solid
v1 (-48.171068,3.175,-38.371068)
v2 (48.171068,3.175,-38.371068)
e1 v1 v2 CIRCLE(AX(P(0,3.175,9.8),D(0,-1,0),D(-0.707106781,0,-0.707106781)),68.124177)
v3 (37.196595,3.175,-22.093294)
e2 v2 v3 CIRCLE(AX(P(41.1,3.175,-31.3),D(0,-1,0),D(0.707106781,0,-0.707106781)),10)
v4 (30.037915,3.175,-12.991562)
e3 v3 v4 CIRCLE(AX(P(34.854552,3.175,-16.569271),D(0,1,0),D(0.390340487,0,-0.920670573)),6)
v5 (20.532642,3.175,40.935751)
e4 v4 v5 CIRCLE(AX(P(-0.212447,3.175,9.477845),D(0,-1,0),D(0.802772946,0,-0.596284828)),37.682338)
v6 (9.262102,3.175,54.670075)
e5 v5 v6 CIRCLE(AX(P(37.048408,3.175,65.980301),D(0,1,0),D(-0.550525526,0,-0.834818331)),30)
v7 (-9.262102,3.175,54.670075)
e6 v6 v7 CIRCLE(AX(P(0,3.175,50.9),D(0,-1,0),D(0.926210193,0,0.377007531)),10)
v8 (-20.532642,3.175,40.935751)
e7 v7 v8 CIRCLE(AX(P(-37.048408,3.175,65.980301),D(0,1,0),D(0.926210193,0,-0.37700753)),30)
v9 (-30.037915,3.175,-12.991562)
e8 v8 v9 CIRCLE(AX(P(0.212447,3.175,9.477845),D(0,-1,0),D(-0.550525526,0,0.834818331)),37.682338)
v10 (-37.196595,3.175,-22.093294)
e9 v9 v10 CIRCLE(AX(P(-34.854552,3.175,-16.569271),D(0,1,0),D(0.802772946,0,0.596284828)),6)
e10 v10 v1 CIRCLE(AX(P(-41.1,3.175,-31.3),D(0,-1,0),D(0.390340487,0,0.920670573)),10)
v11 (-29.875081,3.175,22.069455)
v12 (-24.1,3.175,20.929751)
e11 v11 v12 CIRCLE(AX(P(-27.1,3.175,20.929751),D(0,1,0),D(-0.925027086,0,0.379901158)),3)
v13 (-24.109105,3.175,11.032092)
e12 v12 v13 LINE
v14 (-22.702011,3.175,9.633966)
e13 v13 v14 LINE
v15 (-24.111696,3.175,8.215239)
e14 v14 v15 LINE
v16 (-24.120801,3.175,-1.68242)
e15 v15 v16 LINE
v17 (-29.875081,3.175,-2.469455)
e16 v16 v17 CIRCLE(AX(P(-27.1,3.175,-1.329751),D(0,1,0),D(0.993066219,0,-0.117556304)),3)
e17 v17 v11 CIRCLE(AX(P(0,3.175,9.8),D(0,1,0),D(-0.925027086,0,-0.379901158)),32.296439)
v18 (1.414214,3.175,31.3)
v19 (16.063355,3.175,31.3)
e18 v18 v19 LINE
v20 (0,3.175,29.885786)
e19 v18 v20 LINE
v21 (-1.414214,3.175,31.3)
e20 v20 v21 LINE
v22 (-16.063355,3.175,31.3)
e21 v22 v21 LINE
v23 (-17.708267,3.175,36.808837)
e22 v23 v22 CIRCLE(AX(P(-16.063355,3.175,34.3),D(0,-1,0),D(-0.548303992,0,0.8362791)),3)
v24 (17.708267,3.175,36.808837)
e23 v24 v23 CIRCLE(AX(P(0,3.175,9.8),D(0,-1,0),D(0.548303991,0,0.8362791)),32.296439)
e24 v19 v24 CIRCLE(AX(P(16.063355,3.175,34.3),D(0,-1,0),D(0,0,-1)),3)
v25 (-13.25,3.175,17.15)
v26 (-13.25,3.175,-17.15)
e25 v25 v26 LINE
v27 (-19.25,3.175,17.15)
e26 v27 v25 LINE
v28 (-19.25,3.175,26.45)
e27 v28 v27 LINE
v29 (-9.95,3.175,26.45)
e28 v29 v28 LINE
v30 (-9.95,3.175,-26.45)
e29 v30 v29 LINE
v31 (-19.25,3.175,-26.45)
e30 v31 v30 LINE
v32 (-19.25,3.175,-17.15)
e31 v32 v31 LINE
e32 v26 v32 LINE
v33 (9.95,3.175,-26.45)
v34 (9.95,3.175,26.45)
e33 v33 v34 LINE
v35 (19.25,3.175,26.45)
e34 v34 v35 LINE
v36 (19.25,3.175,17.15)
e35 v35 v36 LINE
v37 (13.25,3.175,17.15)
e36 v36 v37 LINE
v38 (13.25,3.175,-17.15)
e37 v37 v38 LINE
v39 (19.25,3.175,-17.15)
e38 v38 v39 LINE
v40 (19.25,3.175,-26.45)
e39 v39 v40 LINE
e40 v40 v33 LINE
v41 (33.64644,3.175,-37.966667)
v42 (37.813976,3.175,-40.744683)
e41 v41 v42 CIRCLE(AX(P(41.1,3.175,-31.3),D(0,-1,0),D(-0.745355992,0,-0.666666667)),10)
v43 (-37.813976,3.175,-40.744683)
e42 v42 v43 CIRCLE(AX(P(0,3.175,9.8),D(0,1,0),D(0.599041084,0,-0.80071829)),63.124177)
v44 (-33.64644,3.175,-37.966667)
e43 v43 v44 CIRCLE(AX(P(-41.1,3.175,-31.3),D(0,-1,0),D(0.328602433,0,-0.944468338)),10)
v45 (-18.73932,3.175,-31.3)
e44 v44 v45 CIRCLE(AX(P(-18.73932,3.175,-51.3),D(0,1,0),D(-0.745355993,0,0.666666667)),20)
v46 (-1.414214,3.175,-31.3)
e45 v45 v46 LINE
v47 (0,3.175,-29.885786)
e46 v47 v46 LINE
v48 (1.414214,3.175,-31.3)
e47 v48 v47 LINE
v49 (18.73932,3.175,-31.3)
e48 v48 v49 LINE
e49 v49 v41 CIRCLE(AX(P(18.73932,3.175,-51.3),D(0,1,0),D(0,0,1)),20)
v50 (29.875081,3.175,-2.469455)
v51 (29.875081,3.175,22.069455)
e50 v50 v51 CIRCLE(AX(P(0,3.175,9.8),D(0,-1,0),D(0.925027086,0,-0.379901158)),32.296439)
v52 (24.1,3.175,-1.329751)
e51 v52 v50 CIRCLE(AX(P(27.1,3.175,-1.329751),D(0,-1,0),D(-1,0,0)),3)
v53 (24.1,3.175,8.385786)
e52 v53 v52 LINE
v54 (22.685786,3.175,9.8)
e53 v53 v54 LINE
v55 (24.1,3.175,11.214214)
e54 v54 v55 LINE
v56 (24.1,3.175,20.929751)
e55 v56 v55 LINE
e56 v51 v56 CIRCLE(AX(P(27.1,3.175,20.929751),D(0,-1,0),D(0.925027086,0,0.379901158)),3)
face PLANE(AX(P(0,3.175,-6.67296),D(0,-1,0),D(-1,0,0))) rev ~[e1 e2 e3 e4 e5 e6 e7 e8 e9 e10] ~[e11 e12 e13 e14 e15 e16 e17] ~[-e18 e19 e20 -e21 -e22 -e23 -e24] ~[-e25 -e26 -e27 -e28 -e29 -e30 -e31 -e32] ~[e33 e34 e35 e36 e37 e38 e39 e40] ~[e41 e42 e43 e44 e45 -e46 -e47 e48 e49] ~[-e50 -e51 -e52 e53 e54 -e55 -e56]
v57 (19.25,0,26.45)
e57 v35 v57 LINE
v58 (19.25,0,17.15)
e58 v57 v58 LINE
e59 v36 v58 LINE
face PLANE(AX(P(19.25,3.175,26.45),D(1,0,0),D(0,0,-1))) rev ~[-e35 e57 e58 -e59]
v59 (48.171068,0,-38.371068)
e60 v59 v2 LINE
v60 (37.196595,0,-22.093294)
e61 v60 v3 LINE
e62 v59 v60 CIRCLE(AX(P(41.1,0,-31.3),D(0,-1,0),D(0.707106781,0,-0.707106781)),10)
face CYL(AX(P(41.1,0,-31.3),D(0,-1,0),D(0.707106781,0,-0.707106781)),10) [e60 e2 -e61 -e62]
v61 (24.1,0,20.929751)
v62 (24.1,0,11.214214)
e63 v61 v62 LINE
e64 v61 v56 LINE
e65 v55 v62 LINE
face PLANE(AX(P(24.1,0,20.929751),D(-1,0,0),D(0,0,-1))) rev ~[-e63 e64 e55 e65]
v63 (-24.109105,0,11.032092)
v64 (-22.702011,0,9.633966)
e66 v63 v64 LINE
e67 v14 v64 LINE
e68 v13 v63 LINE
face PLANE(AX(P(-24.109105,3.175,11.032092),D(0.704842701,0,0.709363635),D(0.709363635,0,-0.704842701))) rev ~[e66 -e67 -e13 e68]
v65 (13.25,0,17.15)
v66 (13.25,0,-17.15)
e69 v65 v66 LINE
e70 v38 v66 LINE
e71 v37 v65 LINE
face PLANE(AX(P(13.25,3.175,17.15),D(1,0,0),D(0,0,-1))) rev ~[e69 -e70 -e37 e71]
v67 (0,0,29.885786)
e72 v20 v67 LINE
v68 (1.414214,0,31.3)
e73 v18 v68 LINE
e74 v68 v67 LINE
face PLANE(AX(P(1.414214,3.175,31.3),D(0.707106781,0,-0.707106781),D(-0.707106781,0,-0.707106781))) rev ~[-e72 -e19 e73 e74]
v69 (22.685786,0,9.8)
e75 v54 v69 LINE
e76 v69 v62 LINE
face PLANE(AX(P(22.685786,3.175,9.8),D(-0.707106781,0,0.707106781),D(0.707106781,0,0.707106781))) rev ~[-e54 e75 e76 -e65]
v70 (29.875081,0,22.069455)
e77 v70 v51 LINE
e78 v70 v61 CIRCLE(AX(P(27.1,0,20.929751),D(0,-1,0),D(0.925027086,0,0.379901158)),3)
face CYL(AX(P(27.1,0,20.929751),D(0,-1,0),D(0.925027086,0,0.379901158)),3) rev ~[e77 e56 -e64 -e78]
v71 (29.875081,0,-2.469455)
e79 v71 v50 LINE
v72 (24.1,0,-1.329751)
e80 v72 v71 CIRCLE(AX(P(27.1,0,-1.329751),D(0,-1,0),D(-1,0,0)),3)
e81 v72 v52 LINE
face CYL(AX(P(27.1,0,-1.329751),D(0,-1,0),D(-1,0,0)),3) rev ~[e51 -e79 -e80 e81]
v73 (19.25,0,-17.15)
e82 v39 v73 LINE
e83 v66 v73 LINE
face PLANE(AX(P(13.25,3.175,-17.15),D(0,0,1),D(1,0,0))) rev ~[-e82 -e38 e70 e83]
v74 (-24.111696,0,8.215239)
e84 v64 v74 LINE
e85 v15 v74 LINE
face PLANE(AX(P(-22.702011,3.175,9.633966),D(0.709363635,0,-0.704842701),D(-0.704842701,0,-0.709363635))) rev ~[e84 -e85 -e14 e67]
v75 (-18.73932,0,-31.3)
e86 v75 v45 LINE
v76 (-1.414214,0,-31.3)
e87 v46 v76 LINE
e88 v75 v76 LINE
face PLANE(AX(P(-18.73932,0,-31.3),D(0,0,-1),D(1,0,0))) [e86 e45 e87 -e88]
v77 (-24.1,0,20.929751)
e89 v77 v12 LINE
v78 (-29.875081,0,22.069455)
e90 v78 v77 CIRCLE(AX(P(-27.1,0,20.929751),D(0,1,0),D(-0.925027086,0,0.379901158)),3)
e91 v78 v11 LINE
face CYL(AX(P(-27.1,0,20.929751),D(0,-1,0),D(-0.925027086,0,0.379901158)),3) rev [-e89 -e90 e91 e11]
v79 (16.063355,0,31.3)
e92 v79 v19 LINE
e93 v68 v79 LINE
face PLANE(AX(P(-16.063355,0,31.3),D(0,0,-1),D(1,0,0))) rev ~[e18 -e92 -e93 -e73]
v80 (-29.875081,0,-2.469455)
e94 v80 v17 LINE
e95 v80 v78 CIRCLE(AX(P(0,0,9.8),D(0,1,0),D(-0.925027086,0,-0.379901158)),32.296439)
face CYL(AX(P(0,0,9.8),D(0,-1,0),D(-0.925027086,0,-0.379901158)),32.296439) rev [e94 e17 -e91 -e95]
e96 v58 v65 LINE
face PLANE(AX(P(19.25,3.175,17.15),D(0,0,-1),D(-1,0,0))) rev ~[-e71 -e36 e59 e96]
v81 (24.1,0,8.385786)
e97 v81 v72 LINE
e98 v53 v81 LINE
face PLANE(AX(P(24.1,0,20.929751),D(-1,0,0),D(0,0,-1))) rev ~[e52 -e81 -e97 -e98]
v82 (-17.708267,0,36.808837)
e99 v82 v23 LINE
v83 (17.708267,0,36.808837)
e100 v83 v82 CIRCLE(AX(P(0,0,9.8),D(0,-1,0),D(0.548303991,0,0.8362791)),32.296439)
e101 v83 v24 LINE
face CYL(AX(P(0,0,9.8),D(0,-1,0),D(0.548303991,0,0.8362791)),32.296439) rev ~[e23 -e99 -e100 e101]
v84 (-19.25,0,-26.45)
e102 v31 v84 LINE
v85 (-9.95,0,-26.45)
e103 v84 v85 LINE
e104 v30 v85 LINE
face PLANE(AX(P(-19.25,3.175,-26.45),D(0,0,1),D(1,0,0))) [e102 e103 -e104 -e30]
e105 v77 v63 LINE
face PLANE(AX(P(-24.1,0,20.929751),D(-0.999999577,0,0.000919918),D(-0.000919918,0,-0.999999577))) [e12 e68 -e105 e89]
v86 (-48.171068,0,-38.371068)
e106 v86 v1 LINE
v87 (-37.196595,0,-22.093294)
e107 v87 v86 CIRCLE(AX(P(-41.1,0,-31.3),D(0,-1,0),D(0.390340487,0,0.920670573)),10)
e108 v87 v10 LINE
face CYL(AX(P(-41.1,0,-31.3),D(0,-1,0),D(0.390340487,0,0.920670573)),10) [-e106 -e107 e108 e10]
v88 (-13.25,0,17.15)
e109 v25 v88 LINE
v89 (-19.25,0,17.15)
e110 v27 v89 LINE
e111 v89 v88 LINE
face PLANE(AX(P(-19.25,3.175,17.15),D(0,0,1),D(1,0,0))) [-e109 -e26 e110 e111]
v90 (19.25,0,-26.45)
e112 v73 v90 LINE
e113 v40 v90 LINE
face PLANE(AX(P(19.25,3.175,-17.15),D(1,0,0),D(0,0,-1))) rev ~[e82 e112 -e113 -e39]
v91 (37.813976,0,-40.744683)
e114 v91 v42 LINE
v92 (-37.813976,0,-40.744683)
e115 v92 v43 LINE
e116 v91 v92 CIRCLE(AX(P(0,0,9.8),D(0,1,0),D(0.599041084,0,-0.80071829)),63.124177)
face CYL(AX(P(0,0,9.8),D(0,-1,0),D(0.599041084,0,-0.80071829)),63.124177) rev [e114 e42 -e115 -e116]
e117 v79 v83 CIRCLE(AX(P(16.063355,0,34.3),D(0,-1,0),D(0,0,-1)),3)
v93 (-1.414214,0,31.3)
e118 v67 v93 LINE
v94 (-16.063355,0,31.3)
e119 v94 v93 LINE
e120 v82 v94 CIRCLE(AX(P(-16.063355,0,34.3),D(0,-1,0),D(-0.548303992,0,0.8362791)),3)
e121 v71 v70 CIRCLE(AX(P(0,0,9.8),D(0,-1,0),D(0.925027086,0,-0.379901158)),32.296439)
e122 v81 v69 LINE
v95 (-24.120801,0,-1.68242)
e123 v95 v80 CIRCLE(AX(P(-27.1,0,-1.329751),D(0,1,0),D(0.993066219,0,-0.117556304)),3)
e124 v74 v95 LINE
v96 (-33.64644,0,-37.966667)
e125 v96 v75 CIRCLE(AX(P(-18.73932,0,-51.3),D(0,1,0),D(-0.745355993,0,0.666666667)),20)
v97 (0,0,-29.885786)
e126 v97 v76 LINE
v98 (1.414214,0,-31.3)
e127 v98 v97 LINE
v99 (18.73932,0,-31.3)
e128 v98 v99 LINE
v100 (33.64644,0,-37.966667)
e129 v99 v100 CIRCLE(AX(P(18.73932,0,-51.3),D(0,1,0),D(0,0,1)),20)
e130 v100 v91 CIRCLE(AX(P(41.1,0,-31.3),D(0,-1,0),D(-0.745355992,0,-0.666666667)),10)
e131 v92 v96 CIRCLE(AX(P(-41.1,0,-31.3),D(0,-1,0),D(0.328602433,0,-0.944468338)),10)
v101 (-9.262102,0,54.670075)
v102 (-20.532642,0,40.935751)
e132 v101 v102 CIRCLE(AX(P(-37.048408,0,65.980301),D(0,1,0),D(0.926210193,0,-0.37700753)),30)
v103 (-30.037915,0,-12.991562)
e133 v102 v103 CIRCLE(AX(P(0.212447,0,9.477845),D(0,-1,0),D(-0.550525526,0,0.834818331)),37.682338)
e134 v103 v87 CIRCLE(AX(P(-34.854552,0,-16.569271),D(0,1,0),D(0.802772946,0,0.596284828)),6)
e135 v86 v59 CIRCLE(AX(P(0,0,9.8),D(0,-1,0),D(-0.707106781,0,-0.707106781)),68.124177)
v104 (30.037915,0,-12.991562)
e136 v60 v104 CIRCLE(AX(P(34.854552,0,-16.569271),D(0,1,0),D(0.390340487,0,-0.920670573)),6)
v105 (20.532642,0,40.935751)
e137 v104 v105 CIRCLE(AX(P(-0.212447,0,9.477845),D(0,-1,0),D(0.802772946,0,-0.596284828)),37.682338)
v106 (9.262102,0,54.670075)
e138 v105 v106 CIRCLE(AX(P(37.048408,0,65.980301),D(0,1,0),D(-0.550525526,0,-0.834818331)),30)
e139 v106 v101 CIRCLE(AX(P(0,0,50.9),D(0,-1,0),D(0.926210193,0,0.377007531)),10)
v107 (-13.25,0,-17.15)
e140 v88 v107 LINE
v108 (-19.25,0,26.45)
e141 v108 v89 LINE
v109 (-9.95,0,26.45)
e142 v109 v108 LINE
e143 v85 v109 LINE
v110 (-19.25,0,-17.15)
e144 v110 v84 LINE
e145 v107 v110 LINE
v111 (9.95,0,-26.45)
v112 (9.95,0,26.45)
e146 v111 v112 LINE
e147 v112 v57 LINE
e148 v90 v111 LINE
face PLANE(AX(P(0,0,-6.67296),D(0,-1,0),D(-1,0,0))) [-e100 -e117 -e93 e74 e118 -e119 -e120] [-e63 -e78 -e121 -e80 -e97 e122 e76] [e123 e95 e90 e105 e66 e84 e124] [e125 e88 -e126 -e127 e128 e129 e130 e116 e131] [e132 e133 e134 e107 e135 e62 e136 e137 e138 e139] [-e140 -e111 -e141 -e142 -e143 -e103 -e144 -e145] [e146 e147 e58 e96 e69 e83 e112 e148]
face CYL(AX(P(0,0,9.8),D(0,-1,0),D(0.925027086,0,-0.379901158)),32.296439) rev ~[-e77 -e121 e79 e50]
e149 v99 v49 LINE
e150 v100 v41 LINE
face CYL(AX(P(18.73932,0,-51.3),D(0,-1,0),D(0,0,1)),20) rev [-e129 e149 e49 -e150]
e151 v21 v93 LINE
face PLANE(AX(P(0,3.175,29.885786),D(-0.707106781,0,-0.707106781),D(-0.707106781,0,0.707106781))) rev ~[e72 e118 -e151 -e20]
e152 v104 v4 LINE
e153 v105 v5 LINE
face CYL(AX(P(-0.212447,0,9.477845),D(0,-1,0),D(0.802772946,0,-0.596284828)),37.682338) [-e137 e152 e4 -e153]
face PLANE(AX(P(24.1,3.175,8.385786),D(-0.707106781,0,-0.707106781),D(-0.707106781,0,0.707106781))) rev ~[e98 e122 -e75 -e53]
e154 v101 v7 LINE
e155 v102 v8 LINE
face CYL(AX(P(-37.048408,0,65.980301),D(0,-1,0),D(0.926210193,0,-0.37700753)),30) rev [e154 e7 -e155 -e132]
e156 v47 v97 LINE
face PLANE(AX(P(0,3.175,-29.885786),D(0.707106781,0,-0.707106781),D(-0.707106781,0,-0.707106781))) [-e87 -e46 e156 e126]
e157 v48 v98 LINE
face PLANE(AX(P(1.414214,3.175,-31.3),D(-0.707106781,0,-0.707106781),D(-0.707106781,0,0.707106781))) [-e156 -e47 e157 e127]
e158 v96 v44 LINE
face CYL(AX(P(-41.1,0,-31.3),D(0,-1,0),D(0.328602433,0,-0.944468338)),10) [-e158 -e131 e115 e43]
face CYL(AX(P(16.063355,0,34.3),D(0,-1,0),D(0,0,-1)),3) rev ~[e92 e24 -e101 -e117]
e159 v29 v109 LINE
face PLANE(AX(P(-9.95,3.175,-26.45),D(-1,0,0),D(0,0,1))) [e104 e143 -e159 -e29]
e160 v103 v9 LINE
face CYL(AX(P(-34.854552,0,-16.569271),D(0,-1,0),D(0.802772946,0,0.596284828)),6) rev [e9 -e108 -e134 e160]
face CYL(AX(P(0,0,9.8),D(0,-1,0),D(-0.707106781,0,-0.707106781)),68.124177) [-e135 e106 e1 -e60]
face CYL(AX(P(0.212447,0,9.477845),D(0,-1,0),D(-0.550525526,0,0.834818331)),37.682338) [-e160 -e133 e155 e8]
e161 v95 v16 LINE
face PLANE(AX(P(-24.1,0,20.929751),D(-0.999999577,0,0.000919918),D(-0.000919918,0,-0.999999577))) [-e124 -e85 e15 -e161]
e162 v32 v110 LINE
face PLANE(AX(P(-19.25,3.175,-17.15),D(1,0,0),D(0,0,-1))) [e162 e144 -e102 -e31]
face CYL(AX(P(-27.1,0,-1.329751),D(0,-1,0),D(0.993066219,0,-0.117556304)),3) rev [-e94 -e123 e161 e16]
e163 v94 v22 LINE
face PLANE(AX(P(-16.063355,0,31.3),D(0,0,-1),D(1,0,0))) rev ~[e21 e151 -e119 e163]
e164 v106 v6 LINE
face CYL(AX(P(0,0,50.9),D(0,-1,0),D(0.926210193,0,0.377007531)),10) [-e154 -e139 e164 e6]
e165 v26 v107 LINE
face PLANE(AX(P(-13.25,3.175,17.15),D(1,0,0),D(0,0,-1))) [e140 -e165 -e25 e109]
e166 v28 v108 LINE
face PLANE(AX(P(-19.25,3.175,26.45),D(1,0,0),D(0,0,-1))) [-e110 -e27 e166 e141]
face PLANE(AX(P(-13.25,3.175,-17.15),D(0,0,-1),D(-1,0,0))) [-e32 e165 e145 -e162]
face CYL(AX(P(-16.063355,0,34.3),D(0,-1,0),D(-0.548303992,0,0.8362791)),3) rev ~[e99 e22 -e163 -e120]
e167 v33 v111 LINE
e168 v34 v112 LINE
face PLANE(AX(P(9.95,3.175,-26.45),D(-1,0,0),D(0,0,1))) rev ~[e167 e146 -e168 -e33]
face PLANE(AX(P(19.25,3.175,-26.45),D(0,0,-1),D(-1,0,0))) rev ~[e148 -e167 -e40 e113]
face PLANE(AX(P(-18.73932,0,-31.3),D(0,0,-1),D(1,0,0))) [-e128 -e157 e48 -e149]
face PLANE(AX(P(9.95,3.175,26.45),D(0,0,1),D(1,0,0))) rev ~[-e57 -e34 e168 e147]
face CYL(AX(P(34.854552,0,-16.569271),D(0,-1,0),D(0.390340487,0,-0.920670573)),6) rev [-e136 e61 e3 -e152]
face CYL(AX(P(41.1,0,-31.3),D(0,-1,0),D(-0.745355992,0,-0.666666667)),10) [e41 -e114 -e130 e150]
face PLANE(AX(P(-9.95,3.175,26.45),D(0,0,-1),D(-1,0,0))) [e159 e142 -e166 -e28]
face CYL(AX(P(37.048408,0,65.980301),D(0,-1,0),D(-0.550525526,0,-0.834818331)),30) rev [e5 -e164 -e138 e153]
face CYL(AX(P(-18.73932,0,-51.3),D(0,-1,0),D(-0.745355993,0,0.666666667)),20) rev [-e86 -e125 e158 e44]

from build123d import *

# Parameters (mm, degrees)
BOSS_EXTRUDE1_DEPTH = 3.175
CUT_EXTRUDE3_REACH  = 81.562
CUT_EXTRUDE4_REACH  = 81.562


with BuildPart() as part:
    # Sketch1 → Boss-Extrude1 (new body)
    with BuildSketch(Plane(origin=(0, 0, 0), x_dir=(1, 0, 0), z_dir=(0, 1, 0))):
        with BuildLine():
            ThreePointArc((-48.171067812, 38.371067812), (0, 58.324177414), (48.171067812, 38.371067812))
            ThreePointArc((48.171067812, 38.371067812), (49.391561976, 25.709830056), (37.196595128, 22.093294269))
            ThreePointArc((37.196595128, 22.093294269), (30.138485199, 20.278544613), (30.037914527, 12.991561861))
            ThreePointArc((30.037914527, 12.991561861), (36.897831444, -16.018932904), (20.532641942, -40.935751303))
            ThreePointArc((20.532641942, -40.935751303), (13.857325378, -46.949439456), (9.262101932, -54.670075305))
            ThreePointArc((9.262101932, -54.670075305), (0, -60.9), (-9.262101932, -54.670075305))
            ThreePointArc((-9.262101932, -54.670075305), (-13.857325378, -46.949439456), (-20.532641942, -40.935751303))
            ThreePointArc((-20.532641942, -40.935751303), (-36.897831444, -16.018932904), (-30.037914527, 12.991561861))
            ThreePointArc((-30.037914527, 12.991561861), (-30.138485199, 20.278544613), (-37.196595128, 22.093294269))
            ThreePointArc((-37.196595128, 22.093294269), (-49.391561976, 25.709830056), (-48.171067812, 38.371067812))
        make_face()
        with BuildLine():
            Line((-18.739320225, 31.3), (18.739320225, 31.3))
            ThreePointArc((18.739320225, 31.3), (26.904286034, 33.042581416), (33.646440075, 37.966666667))
            ThreePointArc((33.646440075, 37.966666667), (35.5534685, 39.620816565), (37.813975674, 40.744683379))
            ThreePointArc((37.813975674, 40.744683379), (0, 53.324177414), (-37.813975674, 40.744683379))
            ThreePointArc((-37.813975674, 40.744683379), (-35.5534685, 39.620816565), (-33.646440075, 37.966666667))
            ThreePointArc((-33.646440075, 37.966666667), (-26.904286034, 33.042581416), (-18.739320225, 31.3))
        make_face(mode=Mode.SUBTRACT)
        with BuildLine():
            Line((-24.1, -20.929751273), (-24.120801343, 1.682420185))
            ThreePointArc((-24.120801343, 1.682420185), (-26.693463619, 4.302078337), (-29.875081258, 2.469454748))
            ThreePointArc((-29.875081258, 2.469454748), (-32.296439432, -9.8), (-29.875081258, -22.069454748))
            ThreePointArc((-29.875081258, -22.069454748), (-26.519157411, -23.87298451), (-24.1, -20.929751273))
        make_face(mode=Mode.SUBTRACT)
        with BuildLine():
            Line((24.1, -20.929751273), (24.1, 1.329751273))
            ThreePointArc((24.1, 1.329751273), (26.519157411, 4.27298451), (29.875081258, 2.469454748))
            ThreePointArc((29.875081258, 2.469454748), (32.296439432, -9.8), (29.875081258, -22.069454748))
            ThreePointArc((29.875081258, -22.069454748), (26.519157411, -23.87298451), (24.1, -20.929751273))
        make_face(mode=Mode.SUBTRACT)
        with BuildLine():
            Line((-16.063354675, -31.3), (16.063354675, -31.3))
            ThreePointArc((16.063354675, -31.3), (18.937942636, -33.441662042), (17.708266649, -36.8088373))
            ThreePointArc((17.708266649, -36.8088373), (0, -42.096439432), (-17.708266649, -36.8088373))
            ThreePointArc((-17.708266649, -36.8088373), (-18.937942636, -33.441662042), (-16.063354675, -31.3))
        make_face(mode=Mode.SUBTRACT)
    extrude(amount=BOSS_EXTRUDE1_DEPTH)

    # Sketch2 → Cut-Extrude3 (cut, up to next)
    with BuildSketch(Plane(origin=(0, 3.175, 0), x_dir=(1, 0, 0), z_dir=(0, 1, 0)), mode=Mode.PRIVATE) as cut_extrude3_sk1:
        Polygon((-19.25, -17.15), (-13.25, -17.15), (-13.25, 17.15), (-19.25, 17.15), (-19.25, 26.45), (-9.95, 26.45), (-9.95, -26.45), (-19.25, -26.45), align=None)
    cut_extrude3_tool1 = extrude(cut_extrude3_sk1.sketch, amount=-CUT_EXTRUDE3_REACH, mode=Mode.PRIVATE) & part.part
    # Sketch2 → Cut-Extrude3 (cut, up to next)
    with BuildSketch(Plane(origin=(0, 3.175, 0), x_dir=(1, 0, 0), z_dir=(0, 1, 0)), mode=Mode.PRIVATE) as cut_extrude3_sk2:
        Polygon((19.25, -17.15), (13.25, -17.15), (13.25, 17.15), (19.25, 17.15), (19.25, 26.45), (9.95, 26.45), (9.95, -26.45), (19.25, -26.45), align=None)
    cut_extrude3_tool2 = extrude(cut_extrude3_sk2.sketch, amount=-CUT_EXTRUDE3_REACH, mode=Mode.PRIVATE) & part.part
    add(cut_extrude3_tool1.solids().sort_by_distance((-16.25, 3.175, 17.687113))[0], mode=Mode.SUBTRACT)
    add(cut_extrude3_tool2.solids().sort_by_distance((16.25, 3.175, 17.687113))[0], mode=Mode.SUBTRACT)

    # Sketch8 → Cut-Extrude4 (cut, up to next)
    with BuildSketch(Plane(origin=(0, 3.175, 0), x_dir=(1, 0, 0), z_dir=(0, 1, 0)), mode=Mode.PRIVATE) as cut_extrude4_sk1:
        Polygon((-22.702010907, -9.63396598), (-24.111696309, -8.21523871), (-24.109105034, -11.032092379), align=None)
    cut_extrude4_tool1 = extrude(cut_extrude4_sk1.sketch, amount=-CUT_EXTRUDE4_REACH, mode=Mode.PRIVATE) & part.part
    # Sketch8 → Cut-Extrude4 (cut, up to next)
    with BuildSketch(Plane(origin=(0, 3.175, 0), x_dir=(1, 0, 0), z_dir=(0, 1, 0)), mode=Mode.PRIVATE) as cut_extrude4_sk2:
        Polygon((22.685786438, -9.8), (24.1, -11.214213562), (24.1, -8.385786438), align=None)
    cut_extrude4_tool2 = extrude(cut_extrude4_sk2.sketch, amount=-CUT_EXTRUDE4_REACH, mode=Mode.PRIVATE) & part.part
    # Sketch8 → Cut-Extrude4 (cut, up to next)
    with BuildSketch(Plane(origin=(0, 3.175, 0), x_dir=(1, 0, 0), z_dir=(0, 1, 0)), mode=Mode.PRIVATE) as cut_extrude4_sk3:
        Polygon((0, -29.885786438), (-1.414213562, -31.3), (1.414213562, -31.3), align=None)
    cut_extrude4_tool3 = extrude(cut_extrude4_sk3.sketch, amount=-CUT_EXTRUDE4_REACH, mode=Mode.PRIVATE) & part.part
    # Sketch8 → Cut-Extrude4 (cut, up to next)
    with BuildSketch(Plane(origin=(0, 3.175, 0), x_dir=(1, 0, 0), z_dir=(0, 1, 0)), mode=Mode.PRIVATE) as cut_extrude4_sk4:
        Polygon((0, 29.885786438), (-1.414213562, 31.3), (1.414213562, 31.3), align=None)
    cut_extrude4_tool4 = extrude(cut_extrude4_sk4.sketch, amount=-CUT_EXTRUDE4_REACH, mode=Mode.PRIVATE) & part.part
    add(cut_extrude4_tool1.solids().sort_by_distance((-23.640937, 3.175, 9.627099))[0], mode=Mode.SUBTRACT)
    add(cut_extrude4_tool2.solids().sort_by_distance((23.628595, 3.175, 9.8))[0], mode=Mode.SUBTRACT)
    add(cut_extrude4_tool3.solids().sort_by_distance((0, 3.175, 30.828595))[0], mode=Mode.SUBTRACT)
    add(cut_extrude4_tool4.solids().sort_by_distance((0, 3.175, -30.828595))[0], mode=Mode.SUBTRACT)


solid = part.part
